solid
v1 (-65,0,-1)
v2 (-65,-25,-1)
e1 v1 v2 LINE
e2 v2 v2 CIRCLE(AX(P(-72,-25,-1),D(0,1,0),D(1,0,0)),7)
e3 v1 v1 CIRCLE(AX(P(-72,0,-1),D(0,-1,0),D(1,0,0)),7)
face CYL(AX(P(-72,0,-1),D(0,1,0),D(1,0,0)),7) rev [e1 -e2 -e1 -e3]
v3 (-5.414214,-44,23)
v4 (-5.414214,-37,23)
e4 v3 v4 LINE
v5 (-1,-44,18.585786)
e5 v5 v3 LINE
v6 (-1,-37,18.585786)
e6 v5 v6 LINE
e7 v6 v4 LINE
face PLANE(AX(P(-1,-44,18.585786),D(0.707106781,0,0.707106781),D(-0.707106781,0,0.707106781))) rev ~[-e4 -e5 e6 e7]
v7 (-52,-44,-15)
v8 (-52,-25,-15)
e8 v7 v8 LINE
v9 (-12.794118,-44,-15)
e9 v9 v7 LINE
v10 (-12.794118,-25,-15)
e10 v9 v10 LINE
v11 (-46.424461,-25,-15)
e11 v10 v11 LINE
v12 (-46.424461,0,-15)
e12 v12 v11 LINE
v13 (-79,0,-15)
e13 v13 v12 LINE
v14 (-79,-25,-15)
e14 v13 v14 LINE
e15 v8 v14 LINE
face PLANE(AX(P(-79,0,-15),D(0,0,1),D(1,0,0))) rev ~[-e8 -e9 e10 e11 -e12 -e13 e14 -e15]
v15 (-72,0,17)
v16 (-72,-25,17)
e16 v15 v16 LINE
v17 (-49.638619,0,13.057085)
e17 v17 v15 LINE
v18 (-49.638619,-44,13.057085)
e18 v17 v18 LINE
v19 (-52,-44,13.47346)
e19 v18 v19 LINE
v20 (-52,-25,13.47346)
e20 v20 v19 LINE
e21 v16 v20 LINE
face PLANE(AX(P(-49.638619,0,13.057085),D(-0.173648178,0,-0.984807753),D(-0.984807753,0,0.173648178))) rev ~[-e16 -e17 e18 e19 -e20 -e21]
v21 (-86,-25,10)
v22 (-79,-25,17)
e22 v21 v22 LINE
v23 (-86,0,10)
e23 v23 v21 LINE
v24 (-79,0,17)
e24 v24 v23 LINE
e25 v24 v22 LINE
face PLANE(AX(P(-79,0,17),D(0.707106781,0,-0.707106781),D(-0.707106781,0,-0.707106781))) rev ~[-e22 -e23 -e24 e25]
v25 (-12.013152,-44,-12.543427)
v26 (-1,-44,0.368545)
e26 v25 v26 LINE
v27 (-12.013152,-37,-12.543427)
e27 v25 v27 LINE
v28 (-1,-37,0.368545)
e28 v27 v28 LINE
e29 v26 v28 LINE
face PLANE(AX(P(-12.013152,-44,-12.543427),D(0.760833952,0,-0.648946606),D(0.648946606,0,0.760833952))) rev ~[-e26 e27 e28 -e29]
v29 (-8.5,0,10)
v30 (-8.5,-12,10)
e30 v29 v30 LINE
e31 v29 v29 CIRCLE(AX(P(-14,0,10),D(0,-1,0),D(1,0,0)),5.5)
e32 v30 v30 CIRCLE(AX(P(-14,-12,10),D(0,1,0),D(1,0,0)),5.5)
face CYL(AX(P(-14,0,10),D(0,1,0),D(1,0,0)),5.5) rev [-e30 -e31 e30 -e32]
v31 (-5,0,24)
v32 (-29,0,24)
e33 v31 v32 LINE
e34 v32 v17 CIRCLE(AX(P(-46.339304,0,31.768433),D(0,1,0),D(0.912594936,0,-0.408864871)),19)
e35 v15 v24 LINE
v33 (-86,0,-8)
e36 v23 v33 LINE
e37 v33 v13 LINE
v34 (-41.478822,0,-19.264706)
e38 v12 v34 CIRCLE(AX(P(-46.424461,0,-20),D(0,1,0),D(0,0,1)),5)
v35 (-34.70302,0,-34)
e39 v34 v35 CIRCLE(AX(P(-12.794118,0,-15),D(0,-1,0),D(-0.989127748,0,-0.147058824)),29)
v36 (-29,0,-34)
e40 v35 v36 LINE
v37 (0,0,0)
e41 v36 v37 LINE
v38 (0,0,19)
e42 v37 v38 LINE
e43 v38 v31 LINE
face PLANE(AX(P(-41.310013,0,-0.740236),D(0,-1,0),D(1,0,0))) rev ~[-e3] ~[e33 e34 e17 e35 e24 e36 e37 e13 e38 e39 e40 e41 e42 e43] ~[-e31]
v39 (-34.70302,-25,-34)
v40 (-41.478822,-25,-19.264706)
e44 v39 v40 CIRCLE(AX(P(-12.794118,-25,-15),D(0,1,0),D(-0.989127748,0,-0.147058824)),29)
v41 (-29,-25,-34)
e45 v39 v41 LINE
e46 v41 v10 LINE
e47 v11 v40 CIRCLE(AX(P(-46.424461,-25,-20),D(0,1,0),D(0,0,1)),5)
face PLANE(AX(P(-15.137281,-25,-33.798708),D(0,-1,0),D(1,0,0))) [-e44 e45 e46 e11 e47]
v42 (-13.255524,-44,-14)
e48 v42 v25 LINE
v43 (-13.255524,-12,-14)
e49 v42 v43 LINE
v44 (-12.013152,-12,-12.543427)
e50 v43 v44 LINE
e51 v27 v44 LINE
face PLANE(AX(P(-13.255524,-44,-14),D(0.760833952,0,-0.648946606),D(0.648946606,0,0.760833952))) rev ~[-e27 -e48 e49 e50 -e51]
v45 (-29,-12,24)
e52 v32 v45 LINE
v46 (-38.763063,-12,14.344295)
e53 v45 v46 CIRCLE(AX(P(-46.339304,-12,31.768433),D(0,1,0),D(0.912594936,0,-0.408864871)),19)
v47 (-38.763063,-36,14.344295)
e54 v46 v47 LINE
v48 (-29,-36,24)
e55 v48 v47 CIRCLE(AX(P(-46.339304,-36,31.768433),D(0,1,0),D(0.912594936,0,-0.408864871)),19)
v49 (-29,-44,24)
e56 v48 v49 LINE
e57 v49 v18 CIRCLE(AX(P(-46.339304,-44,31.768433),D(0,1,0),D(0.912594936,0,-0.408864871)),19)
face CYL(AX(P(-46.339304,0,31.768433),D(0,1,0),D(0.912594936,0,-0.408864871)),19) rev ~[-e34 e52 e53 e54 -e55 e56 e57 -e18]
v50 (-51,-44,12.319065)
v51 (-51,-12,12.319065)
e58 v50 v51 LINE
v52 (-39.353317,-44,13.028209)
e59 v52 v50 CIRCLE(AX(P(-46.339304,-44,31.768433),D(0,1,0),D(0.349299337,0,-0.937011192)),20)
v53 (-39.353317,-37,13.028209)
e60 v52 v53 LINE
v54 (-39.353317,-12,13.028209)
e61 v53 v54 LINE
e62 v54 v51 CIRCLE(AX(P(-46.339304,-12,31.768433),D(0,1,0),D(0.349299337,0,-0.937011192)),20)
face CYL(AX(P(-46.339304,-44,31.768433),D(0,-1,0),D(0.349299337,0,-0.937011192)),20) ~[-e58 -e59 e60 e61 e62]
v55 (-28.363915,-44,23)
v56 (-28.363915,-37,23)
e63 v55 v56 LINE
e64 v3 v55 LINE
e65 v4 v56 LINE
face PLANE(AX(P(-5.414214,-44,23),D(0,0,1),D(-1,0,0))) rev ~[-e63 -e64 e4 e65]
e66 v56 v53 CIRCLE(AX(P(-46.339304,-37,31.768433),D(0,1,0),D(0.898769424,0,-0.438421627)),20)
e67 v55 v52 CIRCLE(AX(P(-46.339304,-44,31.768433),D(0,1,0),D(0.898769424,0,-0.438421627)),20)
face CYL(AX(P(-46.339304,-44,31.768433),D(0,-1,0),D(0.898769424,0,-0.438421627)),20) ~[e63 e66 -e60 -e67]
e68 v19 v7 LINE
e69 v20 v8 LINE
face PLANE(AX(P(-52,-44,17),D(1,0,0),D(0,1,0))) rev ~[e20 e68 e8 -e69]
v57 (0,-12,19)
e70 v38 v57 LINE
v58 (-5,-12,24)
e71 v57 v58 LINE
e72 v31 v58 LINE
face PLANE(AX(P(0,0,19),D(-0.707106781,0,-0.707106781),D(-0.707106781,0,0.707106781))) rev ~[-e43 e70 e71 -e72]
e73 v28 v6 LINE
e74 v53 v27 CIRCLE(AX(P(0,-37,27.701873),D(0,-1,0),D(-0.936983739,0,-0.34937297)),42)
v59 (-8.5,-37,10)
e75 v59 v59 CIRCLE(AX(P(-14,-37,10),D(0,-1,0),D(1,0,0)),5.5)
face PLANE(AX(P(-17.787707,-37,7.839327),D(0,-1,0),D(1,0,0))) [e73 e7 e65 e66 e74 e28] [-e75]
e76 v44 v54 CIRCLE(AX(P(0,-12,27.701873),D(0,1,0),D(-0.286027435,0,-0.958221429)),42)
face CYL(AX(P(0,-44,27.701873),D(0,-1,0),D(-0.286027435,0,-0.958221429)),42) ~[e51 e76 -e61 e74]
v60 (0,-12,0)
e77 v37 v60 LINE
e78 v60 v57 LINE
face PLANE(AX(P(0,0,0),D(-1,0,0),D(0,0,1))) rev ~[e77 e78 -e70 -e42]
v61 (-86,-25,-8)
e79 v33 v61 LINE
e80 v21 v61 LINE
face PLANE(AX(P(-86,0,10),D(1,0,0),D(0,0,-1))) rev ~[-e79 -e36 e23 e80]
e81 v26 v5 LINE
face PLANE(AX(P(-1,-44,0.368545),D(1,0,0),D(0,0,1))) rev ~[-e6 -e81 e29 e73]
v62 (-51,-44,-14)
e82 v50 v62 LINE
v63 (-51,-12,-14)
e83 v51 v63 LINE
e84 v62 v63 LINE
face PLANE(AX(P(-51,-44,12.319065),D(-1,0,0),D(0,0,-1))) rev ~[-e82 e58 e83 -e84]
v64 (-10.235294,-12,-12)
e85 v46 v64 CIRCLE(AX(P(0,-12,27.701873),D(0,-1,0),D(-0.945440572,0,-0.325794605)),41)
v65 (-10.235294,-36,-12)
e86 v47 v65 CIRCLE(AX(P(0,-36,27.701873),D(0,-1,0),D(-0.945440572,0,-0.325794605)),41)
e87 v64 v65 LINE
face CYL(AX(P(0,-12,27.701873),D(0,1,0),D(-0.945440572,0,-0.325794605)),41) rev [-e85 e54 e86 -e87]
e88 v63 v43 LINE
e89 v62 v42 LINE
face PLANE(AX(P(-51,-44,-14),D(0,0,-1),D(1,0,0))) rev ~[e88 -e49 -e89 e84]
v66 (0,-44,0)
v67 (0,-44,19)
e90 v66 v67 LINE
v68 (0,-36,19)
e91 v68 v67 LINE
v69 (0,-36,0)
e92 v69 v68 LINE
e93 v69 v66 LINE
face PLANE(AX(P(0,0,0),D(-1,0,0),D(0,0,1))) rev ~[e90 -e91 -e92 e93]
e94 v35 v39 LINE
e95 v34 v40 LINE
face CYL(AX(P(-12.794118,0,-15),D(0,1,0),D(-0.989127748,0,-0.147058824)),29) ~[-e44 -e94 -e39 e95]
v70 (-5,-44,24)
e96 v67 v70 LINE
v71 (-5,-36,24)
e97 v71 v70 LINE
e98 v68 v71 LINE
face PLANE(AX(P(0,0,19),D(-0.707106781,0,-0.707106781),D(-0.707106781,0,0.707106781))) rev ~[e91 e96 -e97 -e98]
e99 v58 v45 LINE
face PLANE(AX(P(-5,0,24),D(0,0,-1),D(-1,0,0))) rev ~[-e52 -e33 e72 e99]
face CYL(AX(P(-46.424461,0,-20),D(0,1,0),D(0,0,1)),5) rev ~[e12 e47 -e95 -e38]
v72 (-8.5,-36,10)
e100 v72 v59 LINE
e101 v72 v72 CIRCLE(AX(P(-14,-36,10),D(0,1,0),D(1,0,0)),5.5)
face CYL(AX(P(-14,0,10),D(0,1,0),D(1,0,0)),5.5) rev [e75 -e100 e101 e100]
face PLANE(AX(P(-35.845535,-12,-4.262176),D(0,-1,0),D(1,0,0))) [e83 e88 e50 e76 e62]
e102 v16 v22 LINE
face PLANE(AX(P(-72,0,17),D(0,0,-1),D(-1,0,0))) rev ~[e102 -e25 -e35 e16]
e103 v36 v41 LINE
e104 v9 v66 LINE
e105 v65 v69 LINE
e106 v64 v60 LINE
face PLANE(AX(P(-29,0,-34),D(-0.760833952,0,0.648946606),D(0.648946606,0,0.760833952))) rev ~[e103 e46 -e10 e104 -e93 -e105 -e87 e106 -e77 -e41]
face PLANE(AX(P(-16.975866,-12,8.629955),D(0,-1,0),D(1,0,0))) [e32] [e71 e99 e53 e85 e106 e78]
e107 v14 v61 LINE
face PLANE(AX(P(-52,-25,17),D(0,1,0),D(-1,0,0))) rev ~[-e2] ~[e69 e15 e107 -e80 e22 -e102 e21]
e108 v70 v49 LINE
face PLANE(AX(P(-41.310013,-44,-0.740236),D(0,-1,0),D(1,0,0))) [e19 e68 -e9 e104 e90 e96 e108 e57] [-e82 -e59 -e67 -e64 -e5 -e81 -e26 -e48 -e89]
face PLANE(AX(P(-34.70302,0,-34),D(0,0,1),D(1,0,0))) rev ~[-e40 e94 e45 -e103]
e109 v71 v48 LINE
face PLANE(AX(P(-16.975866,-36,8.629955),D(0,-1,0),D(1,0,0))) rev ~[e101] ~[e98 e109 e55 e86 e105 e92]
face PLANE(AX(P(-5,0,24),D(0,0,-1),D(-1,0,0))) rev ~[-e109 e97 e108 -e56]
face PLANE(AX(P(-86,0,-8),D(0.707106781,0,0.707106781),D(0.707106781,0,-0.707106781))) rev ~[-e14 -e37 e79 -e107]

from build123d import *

# Parameters (mm, degrees)
F0_R      = 7
F0_R_2    = 5.5
F1_DEPTH  = 44
F2_W      = 20
F2_H      = 19
F2_W_2    = 7
F3_DEPTH  = 51.001
F6_DEPTH  = 24
F8_DEPTH  = 19
F9_R      = 5.5
F10_DEPTH = 7
F11_DEPTH = 32


with BuildPart() as f1:
    # F0 (on Front) → F1 (new body)
    with BuildSketch(Plane.XZ):
        with BuildLine():
            Line((-5, 24), (-29, 24))
            ThreePointArc((-29, 24), (-37.4389012943, 14.9820441422), (-49.6386191642, 13.0570852328))
            Line((-49.6386191642, 13.0570852328), (-72, 17))
            Line((-72, 17), (-79, 17))
            Line((-79, 17), (-86, 10))
            Line((-86, 10), (-86, -8))
            Line((-86, -8), (-79, -15))
            Line((-79, -15), (-46.4244610887, -15))
            ThreePointArc((-46.4244610887, -15), (-43.1592253076, -16.2134137678), (-41.4788223472, -19.2647058824))
            ThreePointArc((-41.4788223472, -19.2647058824), (-39.1419921441, -27.115672061), (-34.7030199473, -34))
            Line((-34.7030199473, -34), (-29, -34))
            Line((-29, -34), (0, 0))
            Line((0, 0), (0, 19))
            Line((0, 19), (-5, 24))
        make_face()
        with Locations((-72, -1)):
            Circle(F0_R, mode=Mode.SUBTRACT)
        with Locations((-14, 10)):
            Circle(F0_R_2, mode=Mode.SUBTRACT)
    extrude(amount=F1_DEPTH)

    # F2 (on face) → F3 (cut, through all)
    with BuildSketch(Plane.XY.offset(17)):
        with Locations((-62, -34.5)):
            Rectangle(F2_W, F2_H)
        with Locations((-75.5, -34.5)):
            Rectangle(F2_W_2, F2_H)
        with Locations((-82.5, -34.5)):
            Rectangle(F2_W_2, F2_H)
    extrude(amount=-F3_DEPTH, mode=Mode.SUBTRACT)

    # F5 (on offset) → F6 (cut)
    with BuildSketch(Plane.XZ.offset(12)):
        with BuildLine():
            Line((-10.2352941176, -12), (0, 0))
            Line((0, 0), (0, 19))
            Line((0, 19), (-5, 24))
            Line((-5, 24), (-29, 24))
            ThreePointArc((-29, 24), (-32.9787556567, 18.2593336205), (-38.763063451, 14.3442946173))
            ThreePointArc((-38.763063451, 14.3442946173), (-27.8157370175, -2.4192947713), (-10.2352941176, -12))
        make_face()
    extrude(amount=F6_DEPTH, mode=Mode.SUBTRACT)

    # F7 (on face) → F8 (cut)
    with BuildSketch(Plane.XZ.offset(44)):
        with BuildLine():
            Line((-46.4244610887, -15), (-52, -15))
            Line((-52, -15), (-52, -51.1183999479))
            Line((-52, -51.1183999479), (24.7316434979, -51.1183999479))
            Line((24.7316434979, -51.1183999479), (24.7316434979, -15))
            Line((24.7316434979, -15), (-12.7941176471, -15))
            Line((-12.7941176471, -15), (-29, -34))
            Line((-29, -34), (-34.7030199473, -34))
            ThreePointArc((-34.7030199473, -34), (-39.1419921441, -27.115672061), (-41.4788223472, -19.2647058824))
            ThreePointArc((-41.4788223472, -19.2647058824), (-43.1592253076, -16.2134137678), (-46.4244610887, -15))
        make_face()
        with BuildLine():
            Line((-12.7941176471, -15), (-46.4244610887, -15))
            ThreePointArc((-46.4244610887, -15), (-43.1592253076, -16.2134137678), (-41.4788223472, -19.2647058824))
            ThreePointArc((-41.4788223472, -19.2647058824), (-39.1419921441, -27.115672061), (-34.7030199473, -34))
            Line((-34.7030199473, -34), (-29, -34))
            Line((-29, -34), (-12.7941176471, -15))
        make_face()
    extrude(amount=-F8_DEPTH, mode=Mode.SUBTRACT)

    # F9 (on face) → F10 (cut)
    with BuildSketch(Plane.XZ.offset(44)):
        with BuildLine():
            ThreePointArc((-28.3639153145, 23), (-32.8995598011, 16.9571773079), (-39.3533170567, 13.0282087051))
            ThreePointArc((-39.3533170567, 13.0282087051), (-28.689818317, -2.9721273618), (-12.0131522532, -12.5434265746))
            Line((-12.0131522532, -12.5434265746), (-1, 0.3685450325))
            Line((-1, 0.3685450325), (-1, 18.5857864376))
            Line((-1, 18.5857864376), (-5.4142135624, 23))
            Line((-5.4142135624, 23), (-28.3639153145, 23))
        make_face()
        with Locations((-14, 10)):
            Circle(F9_R, mode=Mode.SUBTRACT)
    extrude(amount=-F10_DEPTH, mode=Mode.SUBTRACT)

    # F9 (on face) → F11 (cut, through all)
    with BuildSketch(Plane.XZ.offset(44)):
        with BuildLine():
            Line((-51, 12.3190646627), (-51, -14))
            Line((-51, -14), (-13.2555237042, -14))
            Line((-13.2555237042, -14), (-12.0131522532, -12.5434265746))
            ThreePointArc((-12.0131522532, -12.5434265746), (-28.689818317, -2.9721273618), (-39.3533170567, 13.0282087051))
            ThreePointArc((-39.3533170567, 13.0282087051), (-45.1237934763, 11.805403344), (-51, 12.3190646627))
        make_face()
    extrude(amount=-F11_DEPTH, mode=Mode.SUBTRACT)


solid = f1.part
